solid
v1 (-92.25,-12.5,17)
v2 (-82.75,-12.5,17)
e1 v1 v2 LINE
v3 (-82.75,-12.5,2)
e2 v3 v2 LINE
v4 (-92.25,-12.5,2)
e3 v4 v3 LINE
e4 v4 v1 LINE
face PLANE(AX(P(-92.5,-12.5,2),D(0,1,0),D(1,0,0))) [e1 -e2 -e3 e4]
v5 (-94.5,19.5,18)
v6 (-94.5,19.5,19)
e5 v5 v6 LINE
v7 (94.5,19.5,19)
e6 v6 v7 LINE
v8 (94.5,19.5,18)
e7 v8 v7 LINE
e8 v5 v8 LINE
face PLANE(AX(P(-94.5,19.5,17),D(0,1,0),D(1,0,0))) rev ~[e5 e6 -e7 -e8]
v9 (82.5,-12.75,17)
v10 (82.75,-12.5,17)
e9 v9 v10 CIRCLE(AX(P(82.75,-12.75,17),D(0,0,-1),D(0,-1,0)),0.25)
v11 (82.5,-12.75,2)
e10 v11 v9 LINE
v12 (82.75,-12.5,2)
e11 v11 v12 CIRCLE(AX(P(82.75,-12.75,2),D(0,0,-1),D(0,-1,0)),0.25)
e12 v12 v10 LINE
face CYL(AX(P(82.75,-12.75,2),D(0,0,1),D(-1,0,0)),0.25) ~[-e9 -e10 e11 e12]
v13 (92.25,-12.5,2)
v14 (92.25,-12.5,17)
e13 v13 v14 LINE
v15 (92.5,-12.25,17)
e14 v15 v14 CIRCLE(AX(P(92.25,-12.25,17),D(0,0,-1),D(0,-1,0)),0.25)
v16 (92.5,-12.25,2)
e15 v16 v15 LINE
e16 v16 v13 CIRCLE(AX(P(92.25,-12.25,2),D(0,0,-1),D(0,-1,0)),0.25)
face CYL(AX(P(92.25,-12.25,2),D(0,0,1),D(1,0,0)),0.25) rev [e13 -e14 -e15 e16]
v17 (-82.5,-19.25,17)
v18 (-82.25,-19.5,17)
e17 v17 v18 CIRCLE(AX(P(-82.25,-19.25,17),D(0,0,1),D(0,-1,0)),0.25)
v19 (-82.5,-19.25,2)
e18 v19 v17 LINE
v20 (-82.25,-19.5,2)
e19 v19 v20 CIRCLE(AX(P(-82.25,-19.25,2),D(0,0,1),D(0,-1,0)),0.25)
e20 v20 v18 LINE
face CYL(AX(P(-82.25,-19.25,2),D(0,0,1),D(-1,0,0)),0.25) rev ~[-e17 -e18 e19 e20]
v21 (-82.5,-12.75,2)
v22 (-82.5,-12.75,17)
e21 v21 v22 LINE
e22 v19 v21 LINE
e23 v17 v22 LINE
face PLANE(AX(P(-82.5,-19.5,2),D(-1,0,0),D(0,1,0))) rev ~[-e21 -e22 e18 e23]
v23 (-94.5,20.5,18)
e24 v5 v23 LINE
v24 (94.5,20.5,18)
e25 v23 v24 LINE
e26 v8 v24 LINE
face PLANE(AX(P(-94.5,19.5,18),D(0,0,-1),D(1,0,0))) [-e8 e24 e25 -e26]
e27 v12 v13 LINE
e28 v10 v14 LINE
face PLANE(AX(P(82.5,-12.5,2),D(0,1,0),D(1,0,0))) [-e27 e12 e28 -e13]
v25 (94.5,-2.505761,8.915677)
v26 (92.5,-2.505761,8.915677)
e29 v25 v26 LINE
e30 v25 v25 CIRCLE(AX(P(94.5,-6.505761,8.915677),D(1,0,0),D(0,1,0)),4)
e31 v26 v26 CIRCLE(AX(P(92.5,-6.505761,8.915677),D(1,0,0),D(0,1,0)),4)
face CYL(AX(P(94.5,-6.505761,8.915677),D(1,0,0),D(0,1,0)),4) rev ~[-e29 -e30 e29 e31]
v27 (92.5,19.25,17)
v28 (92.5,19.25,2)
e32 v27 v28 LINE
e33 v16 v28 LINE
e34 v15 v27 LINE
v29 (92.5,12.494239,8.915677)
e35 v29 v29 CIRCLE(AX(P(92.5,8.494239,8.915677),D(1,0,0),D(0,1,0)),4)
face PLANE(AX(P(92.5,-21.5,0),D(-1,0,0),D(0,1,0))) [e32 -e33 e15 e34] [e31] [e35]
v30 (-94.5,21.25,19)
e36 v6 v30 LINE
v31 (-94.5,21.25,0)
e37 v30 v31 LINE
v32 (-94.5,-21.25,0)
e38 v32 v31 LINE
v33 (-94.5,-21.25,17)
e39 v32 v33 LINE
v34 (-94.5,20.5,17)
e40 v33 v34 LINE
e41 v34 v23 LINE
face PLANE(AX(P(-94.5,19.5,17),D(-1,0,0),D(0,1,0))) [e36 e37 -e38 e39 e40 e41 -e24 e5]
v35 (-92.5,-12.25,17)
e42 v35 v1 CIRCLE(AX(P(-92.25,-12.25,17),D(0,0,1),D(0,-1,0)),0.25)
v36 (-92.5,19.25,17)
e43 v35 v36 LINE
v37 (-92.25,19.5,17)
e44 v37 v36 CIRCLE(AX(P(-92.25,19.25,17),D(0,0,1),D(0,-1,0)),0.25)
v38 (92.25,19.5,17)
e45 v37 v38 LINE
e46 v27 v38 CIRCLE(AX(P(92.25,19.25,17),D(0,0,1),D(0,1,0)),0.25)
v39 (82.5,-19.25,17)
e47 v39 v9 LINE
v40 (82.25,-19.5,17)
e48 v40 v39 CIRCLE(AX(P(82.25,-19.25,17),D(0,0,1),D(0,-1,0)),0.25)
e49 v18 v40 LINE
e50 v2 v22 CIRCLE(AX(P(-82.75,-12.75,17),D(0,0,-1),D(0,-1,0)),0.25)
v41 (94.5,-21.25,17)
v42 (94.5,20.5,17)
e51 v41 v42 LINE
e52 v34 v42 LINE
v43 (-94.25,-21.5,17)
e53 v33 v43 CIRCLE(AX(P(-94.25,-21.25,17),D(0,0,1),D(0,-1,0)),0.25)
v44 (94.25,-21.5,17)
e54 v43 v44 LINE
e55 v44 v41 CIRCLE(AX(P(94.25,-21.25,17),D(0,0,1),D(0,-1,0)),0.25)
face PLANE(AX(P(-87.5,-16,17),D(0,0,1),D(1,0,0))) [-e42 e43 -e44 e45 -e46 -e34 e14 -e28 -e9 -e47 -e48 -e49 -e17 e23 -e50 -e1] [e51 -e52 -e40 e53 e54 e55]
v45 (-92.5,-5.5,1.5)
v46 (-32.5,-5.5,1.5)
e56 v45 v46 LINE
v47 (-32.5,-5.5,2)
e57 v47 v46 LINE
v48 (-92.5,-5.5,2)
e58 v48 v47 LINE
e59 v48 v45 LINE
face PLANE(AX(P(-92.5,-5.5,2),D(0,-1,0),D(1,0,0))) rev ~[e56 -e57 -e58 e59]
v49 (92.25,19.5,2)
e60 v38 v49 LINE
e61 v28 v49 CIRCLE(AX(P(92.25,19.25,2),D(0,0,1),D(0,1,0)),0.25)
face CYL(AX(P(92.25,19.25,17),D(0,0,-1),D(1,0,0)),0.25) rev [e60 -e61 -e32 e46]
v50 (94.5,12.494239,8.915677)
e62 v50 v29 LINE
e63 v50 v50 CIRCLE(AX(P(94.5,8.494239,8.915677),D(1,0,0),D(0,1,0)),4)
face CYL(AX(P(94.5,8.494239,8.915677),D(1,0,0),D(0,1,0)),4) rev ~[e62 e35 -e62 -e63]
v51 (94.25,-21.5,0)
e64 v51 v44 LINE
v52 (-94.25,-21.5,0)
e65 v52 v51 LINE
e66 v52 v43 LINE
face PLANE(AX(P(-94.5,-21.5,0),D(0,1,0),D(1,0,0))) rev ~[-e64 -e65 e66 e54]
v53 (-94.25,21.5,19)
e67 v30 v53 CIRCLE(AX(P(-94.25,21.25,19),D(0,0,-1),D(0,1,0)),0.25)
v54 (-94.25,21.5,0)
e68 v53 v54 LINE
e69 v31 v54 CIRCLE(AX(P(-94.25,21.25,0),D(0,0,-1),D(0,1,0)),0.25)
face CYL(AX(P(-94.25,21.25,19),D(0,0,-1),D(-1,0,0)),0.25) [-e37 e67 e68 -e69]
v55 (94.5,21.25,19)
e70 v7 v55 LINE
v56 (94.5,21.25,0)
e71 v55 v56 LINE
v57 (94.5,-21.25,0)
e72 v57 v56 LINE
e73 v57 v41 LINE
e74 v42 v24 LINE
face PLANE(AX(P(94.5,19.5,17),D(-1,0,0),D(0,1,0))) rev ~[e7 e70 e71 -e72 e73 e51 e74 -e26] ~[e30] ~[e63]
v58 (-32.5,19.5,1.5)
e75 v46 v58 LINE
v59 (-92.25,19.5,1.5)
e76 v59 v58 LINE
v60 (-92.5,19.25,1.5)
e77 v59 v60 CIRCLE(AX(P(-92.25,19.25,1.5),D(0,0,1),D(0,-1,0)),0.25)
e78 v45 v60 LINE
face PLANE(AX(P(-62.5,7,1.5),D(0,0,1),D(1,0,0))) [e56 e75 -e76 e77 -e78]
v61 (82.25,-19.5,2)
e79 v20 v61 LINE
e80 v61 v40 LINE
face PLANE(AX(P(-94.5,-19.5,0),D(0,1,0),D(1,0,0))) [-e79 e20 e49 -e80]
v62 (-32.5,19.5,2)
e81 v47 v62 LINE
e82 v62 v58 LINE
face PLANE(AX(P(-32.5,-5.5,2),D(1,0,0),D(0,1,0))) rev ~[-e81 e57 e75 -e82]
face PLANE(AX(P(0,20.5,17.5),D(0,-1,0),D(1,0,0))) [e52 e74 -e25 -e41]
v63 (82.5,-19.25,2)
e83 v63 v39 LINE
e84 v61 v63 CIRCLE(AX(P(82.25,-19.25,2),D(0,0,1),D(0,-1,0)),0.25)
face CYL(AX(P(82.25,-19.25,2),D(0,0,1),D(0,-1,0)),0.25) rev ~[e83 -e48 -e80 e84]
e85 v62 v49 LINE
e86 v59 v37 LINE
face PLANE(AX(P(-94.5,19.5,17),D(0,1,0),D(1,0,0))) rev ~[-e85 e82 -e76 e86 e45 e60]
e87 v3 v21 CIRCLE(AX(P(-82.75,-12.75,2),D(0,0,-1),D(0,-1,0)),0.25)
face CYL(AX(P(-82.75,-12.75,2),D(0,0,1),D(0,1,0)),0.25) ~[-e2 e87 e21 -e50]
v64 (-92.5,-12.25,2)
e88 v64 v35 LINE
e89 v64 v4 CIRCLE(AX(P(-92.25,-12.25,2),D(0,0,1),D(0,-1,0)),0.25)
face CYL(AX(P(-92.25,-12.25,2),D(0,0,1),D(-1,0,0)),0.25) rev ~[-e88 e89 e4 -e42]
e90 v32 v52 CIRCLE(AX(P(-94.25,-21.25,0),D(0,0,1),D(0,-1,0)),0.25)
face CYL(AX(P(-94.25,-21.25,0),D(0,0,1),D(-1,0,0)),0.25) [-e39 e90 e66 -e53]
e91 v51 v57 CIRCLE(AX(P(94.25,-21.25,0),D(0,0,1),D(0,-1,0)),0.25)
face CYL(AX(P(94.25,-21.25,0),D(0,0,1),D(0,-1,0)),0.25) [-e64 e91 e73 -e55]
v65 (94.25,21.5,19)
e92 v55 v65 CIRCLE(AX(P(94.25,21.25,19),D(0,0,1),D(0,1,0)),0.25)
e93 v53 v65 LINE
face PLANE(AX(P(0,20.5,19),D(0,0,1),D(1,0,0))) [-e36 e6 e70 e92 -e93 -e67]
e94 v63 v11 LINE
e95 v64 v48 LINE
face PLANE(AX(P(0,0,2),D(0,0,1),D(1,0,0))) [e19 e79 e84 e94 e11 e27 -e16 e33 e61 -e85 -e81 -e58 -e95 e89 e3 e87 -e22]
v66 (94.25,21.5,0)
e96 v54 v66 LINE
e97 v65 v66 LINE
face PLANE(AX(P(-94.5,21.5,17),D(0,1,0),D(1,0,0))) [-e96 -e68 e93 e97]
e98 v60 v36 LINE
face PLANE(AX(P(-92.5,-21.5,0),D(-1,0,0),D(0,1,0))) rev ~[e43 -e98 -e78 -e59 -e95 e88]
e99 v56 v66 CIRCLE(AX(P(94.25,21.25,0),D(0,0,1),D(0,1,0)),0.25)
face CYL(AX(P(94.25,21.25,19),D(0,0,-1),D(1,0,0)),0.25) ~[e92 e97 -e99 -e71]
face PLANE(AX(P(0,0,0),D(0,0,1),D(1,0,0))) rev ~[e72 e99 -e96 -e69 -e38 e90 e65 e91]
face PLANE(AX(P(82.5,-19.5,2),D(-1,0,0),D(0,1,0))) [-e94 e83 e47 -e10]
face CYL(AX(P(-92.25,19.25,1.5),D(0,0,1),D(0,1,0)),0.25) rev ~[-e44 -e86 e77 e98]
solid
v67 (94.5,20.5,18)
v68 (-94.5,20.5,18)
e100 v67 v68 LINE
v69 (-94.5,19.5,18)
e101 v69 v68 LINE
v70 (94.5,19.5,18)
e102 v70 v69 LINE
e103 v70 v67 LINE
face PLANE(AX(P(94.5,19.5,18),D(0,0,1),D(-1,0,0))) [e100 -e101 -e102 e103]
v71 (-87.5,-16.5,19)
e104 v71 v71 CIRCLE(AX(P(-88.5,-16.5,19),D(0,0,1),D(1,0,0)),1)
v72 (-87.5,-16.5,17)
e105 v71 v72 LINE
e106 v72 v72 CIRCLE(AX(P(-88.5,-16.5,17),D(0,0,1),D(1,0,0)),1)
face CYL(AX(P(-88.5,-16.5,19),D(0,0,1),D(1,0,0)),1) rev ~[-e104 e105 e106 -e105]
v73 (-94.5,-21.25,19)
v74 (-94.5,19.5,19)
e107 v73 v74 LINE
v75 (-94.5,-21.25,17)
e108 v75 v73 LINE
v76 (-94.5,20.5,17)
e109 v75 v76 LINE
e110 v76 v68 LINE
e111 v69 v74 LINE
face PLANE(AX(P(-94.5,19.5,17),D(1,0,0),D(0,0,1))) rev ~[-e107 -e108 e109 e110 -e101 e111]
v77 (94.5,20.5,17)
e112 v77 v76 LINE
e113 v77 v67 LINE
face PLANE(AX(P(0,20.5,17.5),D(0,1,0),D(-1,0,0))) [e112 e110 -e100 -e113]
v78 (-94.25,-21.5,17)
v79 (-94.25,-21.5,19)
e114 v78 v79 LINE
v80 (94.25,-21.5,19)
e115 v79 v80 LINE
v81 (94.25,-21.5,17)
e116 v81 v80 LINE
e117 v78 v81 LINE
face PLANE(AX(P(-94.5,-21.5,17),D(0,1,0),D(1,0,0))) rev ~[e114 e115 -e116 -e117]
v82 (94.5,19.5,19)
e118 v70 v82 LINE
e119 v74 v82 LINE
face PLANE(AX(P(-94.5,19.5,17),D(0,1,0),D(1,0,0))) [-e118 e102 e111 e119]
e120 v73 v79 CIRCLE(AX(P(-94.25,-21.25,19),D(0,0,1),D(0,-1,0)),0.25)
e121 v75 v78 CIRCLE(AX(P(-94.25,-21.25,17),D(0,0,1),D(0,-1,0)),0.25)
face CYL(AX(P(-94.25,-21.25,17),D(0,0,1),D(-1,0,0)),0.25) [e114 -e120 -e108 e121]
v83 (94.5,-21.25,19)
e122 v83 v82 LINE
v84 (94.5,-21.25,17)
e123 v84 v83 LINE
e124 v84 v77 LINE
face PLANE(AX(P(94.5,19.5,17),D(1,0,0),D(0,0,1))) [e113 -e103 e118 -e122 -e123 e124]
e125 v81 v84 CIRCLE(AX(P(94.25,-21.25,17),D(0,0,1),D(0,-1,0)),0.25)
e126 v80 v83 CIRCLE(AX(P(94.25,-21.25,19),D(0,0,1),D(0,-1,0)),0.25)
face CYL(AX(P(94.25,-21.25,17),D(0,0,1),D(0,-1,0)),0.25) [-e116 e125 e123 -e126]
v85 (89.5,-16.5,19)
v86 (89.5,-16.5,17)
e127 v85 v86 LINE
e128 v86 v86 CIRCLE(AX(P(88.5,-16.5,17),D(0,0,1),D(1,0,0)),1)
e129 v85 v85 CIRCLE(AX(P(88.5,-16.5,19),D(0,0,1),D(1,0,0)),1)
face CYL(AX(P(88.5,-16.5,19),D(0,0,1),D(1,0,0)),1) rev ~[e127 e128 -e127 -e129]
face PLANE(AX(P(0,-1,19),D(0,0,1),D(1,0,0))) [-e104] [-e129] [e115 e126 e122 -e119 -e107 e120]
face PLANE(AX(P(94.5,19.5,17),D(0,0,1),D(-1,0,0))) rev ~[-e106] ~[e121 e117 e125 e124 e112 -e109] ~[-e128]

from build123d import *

# Parameters (mm, degrees)
F0_W      = 189
F0_H      = 43
F1_DEPTH  = 17
F2_T      = -2
F3_R      = 4
F4_DEPTH  = 2
F5_W      = 10
F5_H      = 7
F6_DEPTH  = 15
F7_W      = 189
F7_H      = 2
F8_DEPTH  = 2
F9_W      = 189
F9_H      = 1
F10_DEPTH = 1
F11_W     = 60
F11_H     = 25
F12_DEPTH = 0.5
F13_W     = 189
F13_H     = 41
F14_DEPTH = 2
F15_R     = 0.25
F16_R     = 0.25
F17_W     = 189
F17_H     = 1
F18_DEPTH = 1
F19_R     = 1
F20_DEPTH = 2


with BuildPart() as f1:
    # F0 (on Top) → F1 (new body)
    with BuildSketch(Plane.XY):
        Rectangle(F0_W, F0_H)
    extrude(amount=F1_DEPTH)

    # F2
    f2_openings = [f1.faces().sort_by_distance(p)[0] for p in [
        (0, 0, 17),
    ]]
    offset(amount=F2_T, openings=f2_openings)

    # F3 (on face) → F4 (cut, through all)
    with BuildSketch(Plane.YZ.offset(94.5)):
        with Locations((-6.5057606941, 8.915677325)):
            Circle(F3_R)
        with Locations((8.4942393059, 8.915677325)):
            Circle(F3_R)
    extrude(amount=-F4_DEPTH, mode=Mode.SUBTRACT)

    # F5 (on face) → F6 (join, through all)
    with BuildSketch(Plane.XY.offset(2)):
        with Locations((-87.5, -16)):
            Rectangle(F5_W, F5_H)
        with Locations((87.5, -16)):
            Rectangle(F5_W, F5_H)
    extrude(amount=F6_DEPTH)

    # F7 (on face) → F8 (join)
    with BuildSketch(Plane.XY.offset(17)):
        with Locations((0, 20.5)):
            Rectangle(F7_W, F7_H)
    extrude(amount=F8_DEPTH)

    # F9 (on face) → F10 (cut)
    with BuildSketch(Plane.XZ.offset(-19.5)):
        with Locations((0, 17.5)):
            Rectangle(F9_W, F9_H)
    extrude(amount=-F10_DEPTH, mode=Mode.SUBTRACT)

    # F11 (on face) → F12 (cut)
    with BuildSketch(Plane.XY.offset(2)):
        with Locations((-62.5, 7)):
            Rectangle(F11_W, F11_H)
    extrude(amount=-F12_DEPTH, mode=Mode.SUBTRACT)

    # F15
    f15_edges = [f1.edges().sort_by_distance(p)[0] for p in [
        (92.5, 19.5, 9.5),
        (82.5, -12.5, 9.5),
        (92.5, -12.5, 9.5),
        (82.5, -19.5, 9.5),
        (-92.5, 19.5, 9.25),
        (-82.5, -12.5, 9.5),
        (-82.5, -19.5, 9.5),
        (-92.5, -12.5, 9.5),
        (-94.5, -21.5, 8.5),
        (-94.5, 21.5, 9.5),
        (94.5, -21.5, 8.5),
        (94.5, 21.5, 9.5),
    ]]
    fillet(f15_edges, radius=F15_R)


with BuildPart() as f14:
    # F13 (on face) → F14 (new body)
    with BuildSketch(Plane.XY.offset(17)):
        with Locations((0, -1)):
            Rectangle(F13_W, F13_H)
    extrude(amount=F14_DEPTH)

    # F16
    f16_edges = [f14.edges().sort_by_distance(p)[0] for p in [
        (-94.5, -21.5, 18),
        (94.5, -21.5, 18),
    ]]
    fillet(f16_edges, radius=F16_R)

    # F17 (on face) → F18 (join)
    with BuildSketch(Plane(origin=(0, 19.5, 0), x_dir=(-1, 0, 0), z_dir=(0, 1, 0))):
        with Locations((0, 17.5)):
            Rectangle(F17_W, F17_H)
    extrude(amount=F18_DEPTH)

    # F19 (on face) → F20 (cut)
    with BuildSketch(Plane.XY.offset(19)):
        with Locations((-88.5, -16.5)):
            Circle(F19_R)
        with Locations((88.5, -16.5)):
            Circle(F19_R)
    extrude(amount=-F20_DEPTH, mode=Mode.SUBTRACT)


solid = Compound([f1.part, f14.part])
